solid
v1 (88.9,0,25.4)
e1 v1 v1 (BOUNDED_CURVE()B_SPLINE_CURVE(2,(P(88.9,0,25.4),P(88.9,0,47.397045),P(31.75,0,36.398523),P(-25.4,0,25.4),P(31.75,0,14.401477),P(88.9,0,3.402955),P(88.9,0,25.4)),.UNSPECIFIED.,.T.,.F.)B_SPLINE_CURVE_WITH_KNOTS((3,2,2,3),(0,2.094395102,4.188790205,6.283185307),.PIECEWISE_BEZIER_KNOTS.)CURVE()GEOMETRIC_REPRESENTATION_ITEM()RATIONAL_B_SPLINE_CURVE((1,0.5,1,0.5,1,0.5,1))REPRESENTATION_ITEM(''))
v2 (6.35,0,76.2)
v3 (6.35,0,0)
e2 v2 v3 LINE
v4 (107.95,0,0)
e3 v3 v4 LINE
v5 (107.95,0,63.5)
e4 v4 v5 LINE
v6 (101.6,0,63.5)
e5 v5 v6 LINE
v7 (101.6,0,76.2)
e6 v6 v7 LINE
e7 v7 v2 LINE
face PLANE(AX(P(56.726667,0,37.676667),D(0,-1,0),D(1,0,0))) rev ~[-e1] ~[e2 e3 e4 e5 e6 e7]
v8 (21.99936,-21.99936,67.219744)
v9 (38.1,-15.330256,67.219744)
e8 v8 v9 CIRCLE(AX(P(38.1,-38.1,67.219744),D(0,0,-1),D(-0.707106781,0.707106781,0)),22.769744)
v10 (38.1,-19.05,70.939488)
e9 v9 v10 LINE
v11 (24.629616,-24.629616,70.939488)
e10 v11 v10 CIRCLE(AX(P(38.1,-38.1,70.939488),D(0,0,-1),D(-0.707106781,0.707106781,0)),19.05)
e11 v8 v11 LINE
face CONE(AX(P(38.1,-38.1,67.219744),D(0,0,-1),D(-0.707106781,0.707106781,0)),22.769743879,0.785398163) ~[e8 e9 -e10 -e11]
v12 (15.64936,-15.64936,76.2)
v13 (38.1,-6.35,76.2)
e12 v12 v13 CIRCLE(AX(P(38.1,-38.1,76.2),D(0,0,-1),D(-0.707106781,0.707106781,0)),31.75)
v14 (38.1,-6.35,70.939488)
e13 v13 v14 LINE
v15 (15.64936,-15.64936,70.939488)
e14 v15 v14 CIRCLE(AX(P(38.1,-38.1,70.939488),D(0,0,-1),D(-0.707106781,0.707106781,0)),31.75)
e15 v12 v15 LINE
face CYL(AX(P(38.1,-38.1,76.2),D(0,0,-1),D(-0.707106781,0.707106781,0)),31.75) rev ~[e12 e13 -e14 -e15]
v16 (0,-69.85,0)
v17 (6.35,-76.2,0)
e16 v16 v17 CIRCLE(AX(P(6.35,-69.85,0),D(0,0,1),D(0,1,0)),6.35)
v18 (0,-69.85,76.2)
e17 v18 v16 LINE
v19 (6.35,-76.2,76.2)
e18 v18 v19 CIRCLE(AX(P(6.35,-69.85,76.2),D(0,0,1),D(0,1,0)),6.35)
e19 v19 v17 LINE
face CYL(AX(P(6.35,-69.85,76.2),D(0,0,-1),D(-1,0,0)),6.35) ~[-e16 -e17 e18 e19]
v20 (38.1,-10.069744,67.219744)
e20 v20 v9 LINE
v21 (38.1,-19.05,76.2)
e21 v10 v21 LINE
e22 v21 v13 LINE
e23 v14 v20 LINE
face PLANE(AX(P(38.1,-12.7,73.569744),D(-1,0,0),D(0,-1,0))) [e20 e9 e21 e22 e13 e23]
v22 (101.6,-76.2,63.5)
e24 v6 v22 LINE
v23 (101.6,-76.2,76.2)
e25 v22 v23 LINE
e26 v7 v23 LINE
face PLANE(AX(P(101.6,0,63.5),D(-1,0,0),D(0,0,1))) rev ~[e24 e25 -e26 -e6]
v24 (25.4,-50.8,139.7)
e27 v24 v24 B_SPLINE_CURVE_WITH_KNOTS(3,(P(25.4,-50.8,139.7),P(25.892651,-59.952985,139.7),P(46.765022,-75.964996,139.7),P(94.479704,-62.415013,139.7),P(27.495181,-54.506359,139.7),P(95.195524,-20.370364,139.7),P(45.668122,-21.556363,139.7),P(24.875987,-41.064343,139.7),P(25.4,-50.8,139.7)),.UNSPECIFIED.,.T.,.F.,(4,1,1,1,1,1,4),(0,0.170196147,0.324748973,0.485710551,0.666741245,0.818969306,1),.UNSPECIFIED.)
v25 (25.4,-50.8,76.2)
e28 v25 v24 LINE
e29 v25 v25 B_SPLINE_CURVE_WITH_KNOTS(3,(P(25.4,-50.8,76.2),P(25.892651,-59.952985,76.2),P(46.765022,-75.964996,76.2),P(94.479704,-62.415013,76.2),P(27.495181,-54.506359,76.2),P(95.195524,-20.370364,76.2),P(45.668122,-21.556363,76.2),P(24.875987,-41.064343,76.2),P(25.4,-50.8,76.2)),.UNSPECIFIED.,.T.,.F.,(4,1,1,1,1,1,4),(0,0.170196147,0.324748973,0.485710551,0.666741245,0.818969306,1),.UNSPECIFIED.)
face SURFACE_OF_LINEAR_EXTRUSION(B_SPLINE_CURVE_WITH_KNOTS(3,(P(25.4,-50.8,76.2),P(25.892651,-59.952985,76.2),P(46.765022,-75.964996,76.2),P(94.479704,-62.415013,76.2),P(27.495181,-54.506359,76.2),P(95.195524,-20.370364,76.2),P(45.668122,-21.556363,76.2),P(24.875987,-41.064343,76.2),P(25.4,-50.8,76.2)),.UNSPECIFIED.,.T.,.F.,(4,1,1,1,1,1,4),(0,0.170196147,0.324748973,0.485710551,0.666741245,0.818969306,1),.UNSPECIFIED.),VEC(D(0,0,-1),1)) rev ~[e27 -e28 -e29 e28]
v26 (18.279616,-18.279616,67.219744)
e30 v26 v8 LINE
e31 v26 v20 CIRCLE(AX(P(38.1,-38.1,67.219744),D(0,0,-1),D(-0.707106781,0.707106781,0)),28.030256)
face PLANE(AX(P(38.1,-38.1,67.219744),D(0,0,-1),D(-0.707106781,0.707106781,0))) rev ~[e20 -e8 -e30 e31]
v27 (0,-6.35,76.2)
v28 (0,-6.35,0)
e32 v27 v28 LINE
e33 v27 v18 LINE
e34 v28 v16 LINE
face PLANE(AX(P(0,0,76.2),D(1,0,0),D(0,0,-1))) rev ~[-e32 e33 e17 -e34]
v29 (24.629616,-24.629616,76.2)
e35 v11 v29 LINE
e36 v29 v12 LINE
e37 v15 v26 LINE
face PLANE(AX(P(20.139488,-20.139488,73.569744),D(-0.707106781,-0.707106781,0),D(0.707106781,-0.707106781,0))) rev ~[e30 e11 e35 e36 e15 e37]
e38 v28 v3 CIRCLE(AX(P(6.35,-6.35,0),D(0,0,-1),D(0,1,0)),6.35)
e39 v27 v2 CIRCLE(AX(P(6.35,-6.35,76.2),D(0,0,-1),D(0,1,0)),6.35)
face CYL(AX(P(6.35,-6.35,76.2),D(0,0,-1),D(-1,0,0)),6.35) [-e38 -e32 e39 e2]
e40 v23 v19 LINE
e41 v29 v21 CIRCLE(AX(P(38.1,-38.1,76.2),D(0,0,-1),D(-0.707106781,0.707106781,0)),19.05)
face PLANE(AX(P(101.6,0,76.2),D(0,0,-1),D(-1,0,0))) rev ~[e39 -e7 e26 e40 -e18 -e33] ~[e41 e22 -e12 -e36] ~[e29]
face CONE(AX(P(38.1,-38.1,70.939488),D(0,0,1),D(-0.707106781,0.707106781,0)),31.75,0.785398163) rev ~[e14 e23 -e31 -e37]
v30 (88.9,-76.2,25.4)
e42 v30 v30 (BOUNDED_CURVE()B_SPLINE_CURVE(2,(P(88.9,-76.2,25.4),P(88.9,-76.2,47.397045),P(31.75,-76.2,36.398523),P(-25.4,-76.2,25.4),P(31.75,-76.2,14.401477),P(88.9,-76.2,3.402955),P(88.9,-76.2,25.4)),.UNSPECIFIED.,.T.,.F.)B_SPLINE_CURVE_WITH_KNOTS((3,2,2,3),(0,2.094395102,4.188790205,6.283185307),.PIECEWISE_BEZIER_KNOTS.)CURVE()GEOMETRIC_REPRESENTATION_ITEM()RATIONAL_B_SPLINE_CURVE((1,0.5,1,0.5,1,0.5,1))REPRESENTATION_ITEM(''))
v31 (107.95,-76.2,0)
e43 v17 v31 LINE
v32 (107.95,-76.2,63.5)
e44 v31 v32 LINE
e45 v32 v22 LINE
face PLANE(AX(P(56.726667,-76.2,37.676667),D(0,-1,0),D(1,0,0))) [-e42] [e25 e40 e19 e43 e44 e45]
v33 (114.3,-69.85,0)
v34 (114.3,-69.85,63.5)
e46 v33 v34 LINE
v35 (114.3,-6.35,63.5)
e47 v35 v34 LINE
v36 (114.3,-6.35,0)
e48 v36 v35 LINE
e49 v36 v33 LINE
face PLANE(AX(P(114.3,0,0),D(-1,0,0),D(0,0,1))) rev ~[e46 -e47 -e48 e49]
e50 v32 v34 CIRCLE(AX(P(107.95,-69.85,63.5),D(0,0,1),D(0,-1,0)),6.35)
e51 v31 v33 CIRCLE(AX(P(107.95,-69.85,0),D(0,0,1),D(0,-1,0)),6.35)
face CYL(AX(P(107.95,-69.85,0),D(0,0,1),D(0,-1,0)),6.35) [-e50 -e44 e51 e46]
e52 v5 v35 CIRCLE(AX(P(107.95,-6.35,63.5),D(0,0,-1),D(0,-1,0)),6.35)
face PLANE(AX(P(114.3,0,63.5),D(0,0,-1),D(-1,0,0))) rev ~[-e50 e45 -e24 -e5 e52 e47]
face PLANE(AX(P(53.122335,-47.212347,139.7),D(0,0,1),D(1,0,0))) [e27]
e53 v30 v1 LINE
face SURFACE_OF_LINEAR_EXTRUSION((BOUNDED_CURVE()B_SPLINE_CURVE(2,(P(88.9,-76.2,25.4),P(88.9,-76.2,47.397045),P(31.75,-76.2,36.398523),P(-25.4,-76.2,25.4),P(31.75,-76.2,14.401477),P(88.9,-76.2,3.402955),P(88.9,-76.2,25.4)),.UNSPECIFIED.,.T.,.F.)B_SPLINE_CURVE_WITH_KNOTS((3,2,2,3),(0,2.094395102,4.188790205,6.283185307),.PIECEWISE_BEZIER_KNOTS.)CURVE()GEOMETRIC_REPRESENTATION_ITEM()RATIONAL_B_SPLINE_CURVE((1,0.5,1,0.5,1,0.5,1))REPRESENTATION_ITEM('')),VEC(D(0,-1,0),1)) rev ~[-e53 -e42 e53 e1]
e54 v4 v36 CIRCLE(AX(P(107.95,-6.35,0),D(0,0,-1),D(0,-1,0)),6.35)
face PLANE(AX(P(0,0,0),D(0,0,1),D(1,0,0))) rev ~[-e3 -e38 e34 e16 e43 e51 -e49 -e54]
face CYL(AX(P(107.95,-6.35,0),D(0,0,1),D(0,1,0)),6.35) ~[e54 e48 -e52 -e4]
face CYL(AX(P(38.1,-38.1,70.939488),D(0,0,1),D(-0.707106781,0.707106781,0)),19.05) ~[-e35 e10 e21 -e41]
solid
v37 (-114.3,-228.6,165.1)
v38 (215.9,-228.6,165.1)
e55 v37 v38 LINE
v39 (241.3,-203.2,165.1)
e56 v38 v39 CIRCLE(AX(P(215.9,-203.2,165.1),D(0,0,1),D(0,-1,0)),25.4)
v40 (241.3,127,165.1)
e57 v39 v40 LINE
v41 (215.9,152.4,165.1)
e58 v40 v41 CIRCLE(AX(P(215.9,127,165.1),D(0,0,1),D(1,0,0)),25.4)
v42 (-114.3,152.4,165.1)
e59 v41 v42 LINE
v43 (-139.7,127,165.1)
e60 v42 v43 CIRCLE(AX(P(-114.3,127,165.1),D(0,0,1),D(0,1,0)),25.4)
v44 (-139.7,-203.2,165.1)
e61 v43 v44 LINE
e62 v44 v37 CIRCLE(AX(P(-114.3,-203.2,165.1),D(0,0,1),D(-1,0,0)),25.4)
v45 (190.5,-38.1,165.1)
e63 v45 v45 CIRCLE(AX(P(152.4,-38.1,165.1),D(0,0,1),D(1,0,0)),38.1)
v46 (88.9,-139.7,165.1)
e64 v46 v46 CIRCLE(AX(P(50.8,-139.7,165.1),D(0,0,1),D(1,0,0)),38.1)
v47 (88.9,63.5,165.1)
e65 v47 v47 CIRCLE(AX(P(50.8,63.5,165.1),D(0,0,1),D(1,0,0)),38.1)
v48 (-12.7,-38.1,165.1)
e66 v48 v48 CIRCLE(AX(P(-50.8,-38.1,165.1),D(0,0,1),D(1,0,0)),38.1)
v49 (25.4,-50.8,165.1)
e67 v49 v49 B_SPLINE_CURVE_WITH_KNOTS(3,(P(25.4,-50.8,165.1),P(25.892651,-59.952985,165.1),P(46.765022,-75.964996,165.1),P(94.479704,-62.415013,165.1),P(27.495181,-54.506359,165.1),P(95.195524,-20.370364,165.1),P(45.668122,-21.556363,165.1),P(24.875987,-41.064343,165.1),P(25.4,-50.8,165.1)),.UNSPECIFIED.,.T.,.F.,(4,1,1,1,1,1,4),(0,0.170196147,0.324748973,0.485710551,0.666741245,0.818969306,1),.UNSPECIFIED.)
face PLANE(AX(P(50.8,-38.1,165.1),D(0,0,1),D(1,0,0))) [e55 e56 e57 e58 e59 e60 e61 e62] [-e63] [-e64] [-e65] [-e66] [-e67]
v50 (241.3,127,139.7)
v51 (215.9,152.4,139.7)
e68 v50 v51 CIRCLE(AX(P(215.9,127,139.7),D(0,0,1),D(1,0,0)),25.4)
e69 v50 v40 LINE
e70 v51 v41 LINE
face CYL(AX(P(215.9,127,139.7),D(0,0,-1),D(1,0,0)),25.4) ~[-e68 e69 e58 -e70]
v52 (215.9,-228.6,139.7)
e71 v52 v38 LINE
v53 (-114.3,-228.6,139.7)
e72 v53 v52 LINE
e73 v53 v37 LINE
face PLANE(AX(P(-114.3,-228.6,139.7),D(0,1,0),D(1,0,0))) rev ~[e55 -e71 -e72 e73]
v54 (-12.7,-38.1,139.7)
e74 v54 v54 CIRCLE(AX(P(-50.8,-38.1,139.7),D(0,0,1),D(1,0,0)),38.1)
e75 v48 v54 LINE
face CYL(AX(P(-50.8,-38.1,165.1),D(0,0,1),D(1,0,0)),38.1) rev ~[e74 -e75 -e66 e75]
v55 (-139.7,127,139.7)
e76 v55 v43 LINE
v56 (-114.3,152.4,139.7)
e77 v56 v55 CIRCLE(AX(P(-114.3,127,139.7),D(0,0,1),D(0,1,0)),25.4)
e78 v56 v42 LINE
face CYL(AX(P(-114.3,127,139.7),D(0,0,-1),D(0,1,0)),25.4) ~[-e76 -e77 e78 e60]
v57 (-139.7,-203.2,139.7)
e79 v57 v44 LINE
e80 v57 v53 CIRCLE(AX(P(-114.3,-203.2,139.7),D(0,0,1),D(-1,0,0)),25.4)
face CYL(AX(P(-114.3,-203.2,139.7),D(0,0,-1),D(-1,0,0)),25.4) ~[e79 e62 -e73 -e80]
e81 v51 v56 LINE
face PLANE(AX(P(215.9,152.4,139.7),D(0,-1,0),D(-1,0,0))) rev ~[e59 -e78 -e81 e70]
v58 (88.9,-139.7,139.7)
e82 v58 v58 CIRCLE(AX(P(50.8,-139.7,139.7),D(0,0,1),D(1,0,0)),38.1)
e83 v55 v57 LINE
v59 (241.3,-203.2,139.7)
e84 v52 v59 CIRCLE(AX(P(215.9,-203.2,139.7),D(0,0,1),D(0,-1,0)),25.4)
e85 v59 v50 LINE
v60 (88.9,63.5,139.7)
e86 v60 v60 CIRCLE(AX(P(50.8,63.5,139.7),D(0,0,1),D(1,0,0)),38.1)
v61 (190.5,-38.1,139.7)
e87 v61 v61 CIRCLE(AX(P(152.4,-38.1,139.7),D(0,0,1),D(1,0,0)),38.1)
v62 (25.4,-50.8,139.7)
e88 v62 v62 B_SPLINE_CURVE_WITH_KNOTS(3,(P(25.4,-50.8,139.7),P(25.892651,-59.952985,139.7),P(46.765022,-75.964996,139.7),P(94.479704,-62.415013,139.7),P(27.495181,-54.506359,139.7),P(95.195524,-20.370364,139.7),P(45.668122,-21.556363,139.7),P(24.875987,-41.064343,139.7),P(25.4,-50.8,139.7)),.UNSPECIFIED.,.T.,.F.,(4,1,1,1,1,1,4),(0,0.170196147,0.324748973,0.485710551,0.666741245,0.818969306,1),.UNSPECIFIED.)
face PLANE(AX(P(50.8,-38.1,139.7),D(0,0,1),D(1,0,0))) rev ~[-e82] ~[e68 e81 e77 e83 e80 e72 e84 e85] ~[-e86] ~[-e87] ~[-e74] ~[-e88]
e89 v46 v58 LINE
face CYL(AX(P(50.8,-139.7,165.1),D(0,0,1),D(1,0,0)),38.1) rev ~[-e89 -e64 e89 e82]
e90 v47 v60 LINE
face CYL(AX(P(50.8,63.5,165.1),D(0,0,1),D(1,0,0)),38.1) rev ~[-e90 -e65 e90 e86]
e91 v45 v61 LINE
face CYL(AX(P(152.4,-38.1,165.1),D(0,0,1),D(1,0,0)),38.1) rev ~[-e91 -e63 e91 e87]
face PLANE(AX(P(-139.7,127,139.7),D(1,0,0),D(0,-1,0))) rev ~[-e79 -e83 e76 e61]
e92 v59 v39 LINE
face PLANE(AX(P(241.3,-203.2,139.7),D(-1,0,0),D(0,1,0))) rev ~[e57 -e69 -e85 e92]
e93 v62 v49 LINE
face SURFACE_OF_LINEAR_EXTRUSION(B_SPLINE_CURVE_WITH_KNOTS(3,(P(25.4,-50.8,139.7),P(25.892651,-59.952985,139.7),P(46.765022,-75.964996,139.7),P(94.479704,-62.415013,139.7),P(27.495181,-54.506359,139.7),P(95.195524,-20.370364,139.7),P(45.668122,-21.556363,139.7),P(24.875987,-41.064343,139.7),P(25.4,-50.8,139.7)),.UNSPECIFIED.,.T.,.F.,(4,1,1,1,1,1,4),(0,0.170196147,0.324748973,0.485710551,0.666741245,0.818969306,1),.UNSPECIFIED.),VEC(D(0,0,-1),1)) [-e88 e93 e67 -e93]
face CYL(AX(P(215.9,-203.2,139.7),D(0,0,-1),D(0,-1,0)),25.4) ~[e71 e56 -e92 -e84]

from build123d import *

# Parameters (mm, degrees)
F1_DEPTH       = 76.2
F3_DEPTH       = 76.2
F6_ANGLE_START = 45
F6_ANGLE       = 45
F8_DEPTH       = 63.5
F9_R           = 6.35
F11_DEPTH      = 25.4
F12_R          = 38.1
F13_DEPTH      = 25.4


with BuildPart() as f1:
    # F0 (on Front) → F1 (new body)
    with BuildSketch(Plane.XZ):
        Polygon((0, 76.2), (0, 0), (88.8306446588, 0), (101.6, 0), (114.3, 0), (114.3, 63.5), (101.6, 63.5), (101.6, 76.2), align=None)
    extrude(amount=F1_DEPTH)

    # F2 (on face) → F3 (cut, through all)
    with BuildSketch(Plane.XZ.offset(76.2)):
        with BuildLine():
            add(Edge.make_bspline(
                [(88.9, 25.4), (88.9, 47.3970452561), (31.75, 36.3985226281), (-25.4, 25.4), (31.75, 14.4014773719), (88.9, 3.4029547439), (88.9, 25.4)],
                knots=[0, 0, 0, 2.0943951024, 2.0943951024, 4.1887902048, 4.1887902048, 6.2831853072, 6.2831853072, 6.2831853072], degree=2, weights=[1, 0.5, 1, 0.5, 1, 0.5, 1]))
        make_face()
    extrude(amount=-F3_DEPTH, mode=Mode.SUBTRACT)

    # F5 (on offset) → F6 (revolve, cut)
    with BuildSketch(Plane.XZ.offset(38.1), mode=Mode.PRIVATE) as f6_sk:
        Polygon((6.35, 76.2), (6.35, 70.9394877579), (10.0697438789, 67.2197438789), (15.3302561211, 67.2197438789), (19.05, 70.9394877579), (19.05, 76.2), (15.3302561211, 79.9197438789), (10.0697438789, 79.9197438789), align=None)
    revolve(f6_sk.sketch.rotate(Axis((38.1, -38.1, 38.1), (0, 0, -1)), F6_ANGLE_START), axis=Axis((38.1, -38.1, 38.1), (0, 0, -1)), revolution_arc=F6_ANGLE, mode=Mode.SUBTRACT)

    # F7 (on face) → F8 (join)
    with BuildSketch(Plane.XY.offset(76.2)):
        with BuildLine():
            add(Edge.make_bspline(
                [(25.4, -50.8), (25.8926511047, -59.9529854849), (46.7650224338, -75.9649959371), (94.4797043393, -62.4150130403), (27.4951811657, -54.5063585346), (95.1955241162, -20.3703637934), (45.668122068, -21.5563633126), (24.8759871302, -41.0643429702), (25.4, -50.8)],
                knots=[0, 0, 0, 0, 0.1701961468, 0.3247489732, 0.4857105509, 0.6667412447, 0.8189693062, 1, 1, 1, 1], degree=3))
        make_face()
    extrude(amount=F8_DEPTH)

    # F9
    f9_edges = [f1.edges().sort_by_distance(p)[0] for p in [
        (0, -76.2, 38.1),
        (0, 0, 38.1),
        (114.3, -76.2, 31.75),
        (114.3, 0, 31.75),
    ]]
    fillet(f9_edges, radius=F9_R)


with BuildPart() as f11:
    # F10 (on face) → F11 (new body)
    with BuildSketch(Plane.XY.offset(139.7)):
        with BuildLine():
            Line((215.9, 152.4), (-114.3, 152.4))
            ThreePointArc((-114.3, 152.4), (-132.2605122421, 144.9605122421), (-139.7, 127))
            Line((-139.7, 127), (-139.7, -203.2))
            ThreePointArc((-139.7, -203.2), (-132.2605122421, -221.1605122421), (-114.3, -228.6))
            Line((-114.3, -228.6), (215.9, -228.6))
            ThreePointArc((215.9, -228.6), (233.8605122421, -221.1605122421), (241.3, -203.2))
            Line((241.3, -203.2), (241.3, 127))
            ThreePointArc((241.3, 127), (233.8605122421, 144.9605122421), (215.9, 152.4))
        make_face()
        with BuildLine():
            add(Edge.make_bspline(
                [(25.4, -50.8), (25.8926511047, -59.9529854849), (46.7650224338, -75.9649959371), (94.4797043393, -62.4150130403), (27.4951811657, -54.5063585346), (95.1955241162, -20.3703637934), (45.668122068, -21.5563633126), (24.8759871302, -41.0643429702), (25.4, -50.8)],
                knots=[0, 0, 0, 0, 0.1701961468, 0.3247489732, 0.4857105509, 0.6667412447, 0.8189693062, 1, 1, 1, 1], degree=3))
        make_face(mode=Mode.SUBTRACT)
    extrude(amount=F11_DEPTH)

    # F12 (on face) → F13 (cut, through all)
    with BuildSketch(Plane.XY.offset(165.1)):
        with Locations((-50.8, -38.1)):
            Circle(F12_R)
        with Locations((50.8, -139.7)):
            Circle(F12_R)
        with Locations((152.4, -38.1)):
            Circle(F12_R)
        with Locations((50.8, 63.5)):
            Circle(F12_R)
    extrude(amount=-F13_DEPTH, mode=Mode.SUBTRACT)


solid = Compound([f1.part, f11.part])
